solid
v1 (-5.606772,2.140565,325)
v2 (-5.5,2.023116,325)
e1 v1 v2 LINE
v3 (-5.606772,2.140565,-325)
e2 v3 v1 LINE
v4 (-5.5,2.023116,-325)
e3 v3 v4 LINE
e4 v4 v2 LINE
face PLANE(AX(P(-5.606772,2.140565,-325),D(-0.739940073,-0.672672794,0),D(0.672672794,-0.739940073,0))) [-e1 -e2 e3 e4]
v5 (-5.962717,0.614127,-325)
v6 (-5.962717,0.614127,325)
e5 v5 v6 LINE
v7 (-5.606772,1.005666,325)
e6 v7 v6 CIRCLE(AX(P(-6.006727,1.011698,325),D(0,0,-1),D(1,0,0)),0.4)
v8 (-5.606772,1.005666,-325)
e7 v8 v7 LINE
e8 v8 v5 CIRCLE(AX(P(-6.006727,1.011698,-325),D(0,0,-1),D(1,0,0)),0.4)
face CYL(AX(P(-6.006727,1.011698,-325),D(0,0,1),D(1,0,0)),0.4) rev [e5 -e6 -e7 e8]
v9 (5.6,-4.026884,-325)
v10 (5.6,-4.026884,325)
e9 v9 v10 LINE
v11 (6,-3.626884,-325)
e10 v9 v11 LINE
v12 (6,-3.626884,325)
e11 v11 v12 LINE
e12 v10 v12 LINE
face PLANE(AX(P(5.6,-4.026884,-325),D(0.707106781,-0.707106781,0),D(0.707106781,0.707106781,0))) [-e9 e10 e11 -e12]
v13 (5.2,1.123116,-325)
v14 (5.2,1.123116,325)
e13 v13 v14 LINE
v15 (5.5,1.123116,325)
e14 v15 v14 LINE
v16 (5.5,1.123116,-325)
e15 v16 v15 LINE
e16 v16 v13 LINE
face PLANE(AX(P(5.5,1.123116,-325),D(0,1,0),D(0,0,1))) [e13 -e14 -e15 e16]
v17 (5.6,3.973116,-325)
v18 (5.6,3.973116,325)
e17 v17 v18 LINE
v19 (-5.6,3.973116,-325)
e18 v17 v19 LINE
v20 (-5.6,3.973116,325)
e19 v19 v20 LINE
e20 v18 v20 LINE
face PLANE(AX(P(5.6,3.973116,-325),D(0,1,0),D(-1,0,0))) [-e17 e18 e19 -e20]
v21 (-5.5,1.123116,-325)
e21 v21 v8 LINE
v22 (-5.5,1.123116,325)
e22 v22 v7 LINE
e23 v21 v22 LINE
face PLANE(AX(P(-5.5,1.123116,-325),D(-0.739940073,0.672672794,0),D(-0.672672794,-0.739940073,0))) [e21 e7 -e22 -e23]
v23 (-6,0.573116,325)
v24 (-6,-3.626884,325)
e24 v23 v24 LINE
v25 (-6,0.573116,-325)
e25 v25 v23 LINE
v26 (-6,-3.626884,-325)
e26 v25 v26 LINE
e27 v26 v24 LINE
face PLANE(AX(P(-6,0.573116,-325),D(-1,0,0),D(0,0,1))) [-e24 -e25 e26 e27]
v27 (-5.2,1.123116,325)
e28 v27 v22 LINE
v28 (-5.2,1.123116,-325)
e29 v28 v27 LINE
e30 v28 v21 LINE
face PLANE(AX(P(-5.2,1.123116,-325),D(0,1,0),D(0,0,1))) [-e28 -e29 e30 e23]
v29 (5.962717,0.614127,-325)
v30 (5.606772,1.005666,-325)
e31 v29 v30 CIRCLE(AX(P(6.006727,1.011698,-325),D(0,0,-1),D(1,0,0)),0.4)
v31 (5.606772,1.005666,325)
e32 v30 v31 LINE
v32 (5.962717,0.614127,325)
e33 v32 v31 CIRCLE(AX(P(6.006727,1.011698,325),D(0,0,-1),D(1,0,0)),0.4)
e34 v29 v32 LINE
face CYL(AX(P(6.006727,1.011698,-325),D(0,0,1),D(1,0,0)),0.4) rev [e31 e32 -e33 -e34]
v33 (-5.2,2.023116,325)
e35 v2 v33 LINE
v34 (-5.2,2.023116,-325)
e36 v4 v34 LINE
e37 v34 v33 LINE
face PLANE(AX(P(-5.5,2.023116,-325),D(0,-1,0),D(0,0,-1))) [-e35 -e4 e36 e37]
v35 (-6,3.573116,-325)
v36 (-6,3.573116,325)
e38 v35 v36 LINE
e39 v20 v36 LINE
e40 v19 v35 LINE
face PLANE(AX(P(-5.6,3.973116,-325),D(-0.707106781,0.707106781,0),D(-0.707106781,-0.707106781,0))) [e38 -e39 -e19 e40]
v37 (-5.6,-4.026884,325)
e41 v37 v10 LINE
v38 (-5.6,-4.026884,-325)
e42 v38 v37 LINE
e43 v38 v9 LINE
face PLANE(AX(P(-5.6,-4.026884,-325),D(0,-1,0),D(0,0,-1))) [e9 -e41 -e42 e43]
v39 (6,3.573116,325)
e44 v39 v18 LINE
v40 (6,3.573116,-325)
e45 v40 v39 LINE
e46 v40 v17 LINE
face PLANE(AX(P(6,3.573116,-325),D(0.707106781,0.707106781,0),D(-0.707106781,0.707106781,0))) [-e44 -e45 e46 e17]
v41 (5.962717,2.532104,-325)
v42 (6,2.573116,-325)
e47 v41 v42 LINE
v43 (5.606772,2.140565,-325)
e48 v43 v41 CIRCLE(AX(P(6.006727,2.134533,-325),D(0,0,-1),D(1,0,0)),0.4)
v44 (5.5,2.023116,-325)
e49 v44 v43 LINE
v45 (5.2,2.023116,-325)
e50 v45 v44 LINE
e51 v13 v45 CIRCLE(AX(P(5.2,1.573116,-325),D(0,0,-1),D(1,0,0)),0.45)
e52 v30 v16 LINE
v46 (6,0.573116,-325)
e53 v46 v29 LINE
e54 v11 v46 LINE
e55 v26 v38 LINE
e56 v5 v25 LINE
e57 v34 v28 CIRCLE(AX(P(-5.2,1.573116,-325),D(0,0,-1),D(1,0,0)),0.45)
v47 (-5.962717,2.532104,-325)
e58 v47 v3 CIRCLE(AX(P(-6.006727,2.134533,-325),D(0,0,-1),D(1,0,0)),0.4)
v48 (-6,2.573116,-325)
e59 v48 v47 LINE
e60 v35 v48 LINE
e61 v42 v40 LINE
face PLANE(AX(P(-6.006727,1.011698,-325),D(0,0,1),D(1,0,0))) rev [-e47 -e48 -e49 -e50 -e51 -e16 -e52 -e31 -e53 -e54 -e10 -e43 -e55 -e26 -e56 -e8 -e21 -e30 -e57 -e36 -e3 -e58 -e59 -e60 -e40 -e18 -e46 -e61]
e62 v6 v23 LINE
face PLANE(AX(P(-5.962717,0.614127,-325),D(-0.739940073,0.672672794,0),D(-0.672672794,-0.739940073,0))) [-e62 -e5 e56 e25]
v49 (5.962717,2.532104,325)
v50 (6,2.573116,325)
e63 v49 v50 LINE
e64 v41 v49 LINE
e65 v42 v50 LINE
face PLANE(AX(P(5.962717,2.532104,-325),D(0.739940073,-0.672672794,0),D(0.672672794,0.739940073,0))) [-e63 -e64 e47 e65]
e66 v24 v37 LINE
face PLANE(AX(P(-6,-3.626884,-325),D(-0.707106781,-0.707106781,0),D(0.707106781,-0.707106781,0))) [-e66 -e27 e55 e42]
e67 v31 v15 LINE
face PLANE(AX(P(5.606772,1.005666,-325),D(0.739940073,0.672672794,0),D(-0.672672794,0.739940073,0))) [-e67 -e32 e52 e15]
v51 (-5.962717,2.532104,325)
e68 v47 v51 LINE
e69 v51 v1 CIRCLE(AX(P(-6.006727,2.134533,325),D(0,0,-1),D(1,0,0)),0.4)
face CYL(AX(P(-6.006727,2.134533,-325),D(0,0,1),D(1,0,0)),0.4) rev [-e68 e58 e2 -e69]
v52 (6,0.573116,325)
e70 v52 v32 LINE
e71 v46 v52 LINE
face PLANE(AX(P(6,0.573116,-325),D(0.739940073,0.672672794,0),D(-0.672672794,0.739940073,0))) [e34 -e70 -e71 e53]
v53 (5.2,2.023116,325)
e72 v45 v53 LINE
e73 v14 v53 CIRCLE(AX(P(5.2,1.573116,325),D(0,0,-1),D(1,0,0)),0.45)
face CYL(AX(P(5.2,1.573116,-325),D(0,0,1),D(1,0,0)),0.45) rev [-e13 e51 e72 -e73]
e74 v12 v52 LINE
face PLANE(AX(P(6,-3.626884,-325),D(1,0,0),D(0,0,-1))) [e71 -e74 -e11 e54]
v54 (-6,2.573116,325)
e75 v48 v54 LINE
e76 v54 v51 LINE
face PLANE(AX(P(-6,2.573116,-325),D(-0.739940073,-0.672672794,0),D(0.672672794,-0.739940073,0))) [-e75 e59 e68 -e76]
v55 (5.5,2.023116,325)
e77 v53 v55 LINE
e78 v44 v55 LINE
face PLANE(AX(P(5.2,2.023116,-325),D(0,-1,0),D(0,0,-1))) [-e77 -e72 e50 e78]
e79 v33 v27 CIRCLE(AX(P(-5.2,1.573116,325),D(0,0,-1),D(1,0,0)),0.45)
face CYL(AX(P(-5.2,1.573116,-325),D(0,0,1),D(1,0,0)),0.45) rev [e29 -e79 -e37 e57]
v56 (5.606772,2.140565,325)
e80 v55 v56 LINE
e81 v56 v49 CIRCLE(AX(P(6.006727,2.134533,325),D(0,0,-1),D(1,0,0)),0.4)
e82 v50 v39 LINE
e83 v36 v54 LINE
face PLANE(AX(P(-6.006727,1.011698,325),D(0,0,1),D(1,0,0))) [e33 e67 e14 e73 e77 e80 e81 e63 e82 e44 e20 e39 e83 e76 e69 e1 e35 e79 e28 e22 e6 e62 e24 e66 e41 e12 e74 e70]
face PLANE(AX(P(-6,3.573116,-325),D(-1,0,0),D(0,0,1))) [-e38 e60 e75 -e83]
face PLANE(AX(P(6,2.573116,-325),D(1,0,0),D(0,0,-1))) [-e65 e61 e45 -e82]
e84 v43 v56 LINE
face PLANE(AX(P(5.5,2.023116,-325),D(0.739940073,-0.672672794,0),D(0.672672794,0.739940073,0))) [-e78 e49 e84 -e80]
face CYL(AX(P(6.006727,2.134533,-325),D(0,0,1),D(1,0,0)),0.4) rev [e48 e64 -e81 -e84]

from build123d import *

# Parameters (mm, degrees)
EXTRUDE_289_DEPTH = 325


with BuildPart() as part:
    # Model → Extrude 289 (new, symmetric)
    with BuildSketch(Plane.XY):
        with BuildLine():
            Line((-6.000000002, -3.626884426), (-5.600000002, -4.026884426))
            Line((-5.600000002, -4.026884426), (5.600000002, -4.026884426))
            Line((5.600000002, -4.026884426), (6.000000002, -3.626884426))
            Line((6.000000002, -3.626884426), (6.000000002, 0.573115576))
            Line((6.000000002, 0.573115576), (5.962717201, 0.614126657))
            ThreePointArc((5.962717201, 0.614126657), (5.710750701, 0.74262912), (5.606772215, 1.005666141))
            Line((5.606772215, 1.005666141), (5.500000002, 1.123115576))
            Line((5.500000002, 1.123115576), (5.200000002, 1.123115576))
            ThreePointArc((5.200000002, 1.123115576), (4.750000002, 1.573115576), (5.200000002, 2.023115576))
            Line((5.200000002, 2.023115576), (5.500000002, 2.023115576))
            Line((5.500000002, 2.023115576), (5.606772215, 2.140565011))
            ThreePointArc((5.606772215, 2.140565011), (5.710750701, 2.403602032), (5.962717201, 2.532104495))
            Line((5.962717201, 2.532104495), (6.000000002, 2.573115576))
            Line((6.000000002, 2.573115576), (6.000000002, 3.573115577))
            Line((6.000000002, 3.573115577), (5.600000002, 3.973115577))
            Line((5.600000002, 3.973115577), (-5.600000002, 3.973115577))
            Line((-5.600000002, 3.973115577), (-6.000000002, 3.573115577))
            Line((-6.000000002, 3.573115577), (-6.000000002, 2.573115576))
            Line((-6.000000002, 2.573115576), (-5.962717201, 2.532104495))
            ThreePointArc((-5.962717201, 2.532104495), (-5.710750701, 2.403602032), (-5.606772215, 2.140565011))
            Line((-5.606772215, 2.140565011), (-5.500000002, 2.023115576))
            Line((-5.500000002, 2.023115576), (-5.200000002, 2.023115576))
            ThreePointArc((-5.200000002, 2.023115576), (-4.750000002, 1.573115576), (-5.200000002, 1.123115576))
            Line((-5.200000002, 1.123115576), (-5.500000002, 1.123115576))
            Line((-5.500000002, 1.123115576), (-5.606772215, 1.005666141))
            ThreePointArc((-5.606772215, 1.005666141), (-5.710750701, 0.74262912), (-5.962717201, 0.614126657))
            Line((-5.962717201, 0.614126657), (-6.000000002, 0.573115576))
            Line((-6.000000002, 0.573115576), (-6.000000002, -3.626884426))
        make_face()
    extrude(amount=EXTRUDE_289_DEPTH, both=True)


solid = part.part
